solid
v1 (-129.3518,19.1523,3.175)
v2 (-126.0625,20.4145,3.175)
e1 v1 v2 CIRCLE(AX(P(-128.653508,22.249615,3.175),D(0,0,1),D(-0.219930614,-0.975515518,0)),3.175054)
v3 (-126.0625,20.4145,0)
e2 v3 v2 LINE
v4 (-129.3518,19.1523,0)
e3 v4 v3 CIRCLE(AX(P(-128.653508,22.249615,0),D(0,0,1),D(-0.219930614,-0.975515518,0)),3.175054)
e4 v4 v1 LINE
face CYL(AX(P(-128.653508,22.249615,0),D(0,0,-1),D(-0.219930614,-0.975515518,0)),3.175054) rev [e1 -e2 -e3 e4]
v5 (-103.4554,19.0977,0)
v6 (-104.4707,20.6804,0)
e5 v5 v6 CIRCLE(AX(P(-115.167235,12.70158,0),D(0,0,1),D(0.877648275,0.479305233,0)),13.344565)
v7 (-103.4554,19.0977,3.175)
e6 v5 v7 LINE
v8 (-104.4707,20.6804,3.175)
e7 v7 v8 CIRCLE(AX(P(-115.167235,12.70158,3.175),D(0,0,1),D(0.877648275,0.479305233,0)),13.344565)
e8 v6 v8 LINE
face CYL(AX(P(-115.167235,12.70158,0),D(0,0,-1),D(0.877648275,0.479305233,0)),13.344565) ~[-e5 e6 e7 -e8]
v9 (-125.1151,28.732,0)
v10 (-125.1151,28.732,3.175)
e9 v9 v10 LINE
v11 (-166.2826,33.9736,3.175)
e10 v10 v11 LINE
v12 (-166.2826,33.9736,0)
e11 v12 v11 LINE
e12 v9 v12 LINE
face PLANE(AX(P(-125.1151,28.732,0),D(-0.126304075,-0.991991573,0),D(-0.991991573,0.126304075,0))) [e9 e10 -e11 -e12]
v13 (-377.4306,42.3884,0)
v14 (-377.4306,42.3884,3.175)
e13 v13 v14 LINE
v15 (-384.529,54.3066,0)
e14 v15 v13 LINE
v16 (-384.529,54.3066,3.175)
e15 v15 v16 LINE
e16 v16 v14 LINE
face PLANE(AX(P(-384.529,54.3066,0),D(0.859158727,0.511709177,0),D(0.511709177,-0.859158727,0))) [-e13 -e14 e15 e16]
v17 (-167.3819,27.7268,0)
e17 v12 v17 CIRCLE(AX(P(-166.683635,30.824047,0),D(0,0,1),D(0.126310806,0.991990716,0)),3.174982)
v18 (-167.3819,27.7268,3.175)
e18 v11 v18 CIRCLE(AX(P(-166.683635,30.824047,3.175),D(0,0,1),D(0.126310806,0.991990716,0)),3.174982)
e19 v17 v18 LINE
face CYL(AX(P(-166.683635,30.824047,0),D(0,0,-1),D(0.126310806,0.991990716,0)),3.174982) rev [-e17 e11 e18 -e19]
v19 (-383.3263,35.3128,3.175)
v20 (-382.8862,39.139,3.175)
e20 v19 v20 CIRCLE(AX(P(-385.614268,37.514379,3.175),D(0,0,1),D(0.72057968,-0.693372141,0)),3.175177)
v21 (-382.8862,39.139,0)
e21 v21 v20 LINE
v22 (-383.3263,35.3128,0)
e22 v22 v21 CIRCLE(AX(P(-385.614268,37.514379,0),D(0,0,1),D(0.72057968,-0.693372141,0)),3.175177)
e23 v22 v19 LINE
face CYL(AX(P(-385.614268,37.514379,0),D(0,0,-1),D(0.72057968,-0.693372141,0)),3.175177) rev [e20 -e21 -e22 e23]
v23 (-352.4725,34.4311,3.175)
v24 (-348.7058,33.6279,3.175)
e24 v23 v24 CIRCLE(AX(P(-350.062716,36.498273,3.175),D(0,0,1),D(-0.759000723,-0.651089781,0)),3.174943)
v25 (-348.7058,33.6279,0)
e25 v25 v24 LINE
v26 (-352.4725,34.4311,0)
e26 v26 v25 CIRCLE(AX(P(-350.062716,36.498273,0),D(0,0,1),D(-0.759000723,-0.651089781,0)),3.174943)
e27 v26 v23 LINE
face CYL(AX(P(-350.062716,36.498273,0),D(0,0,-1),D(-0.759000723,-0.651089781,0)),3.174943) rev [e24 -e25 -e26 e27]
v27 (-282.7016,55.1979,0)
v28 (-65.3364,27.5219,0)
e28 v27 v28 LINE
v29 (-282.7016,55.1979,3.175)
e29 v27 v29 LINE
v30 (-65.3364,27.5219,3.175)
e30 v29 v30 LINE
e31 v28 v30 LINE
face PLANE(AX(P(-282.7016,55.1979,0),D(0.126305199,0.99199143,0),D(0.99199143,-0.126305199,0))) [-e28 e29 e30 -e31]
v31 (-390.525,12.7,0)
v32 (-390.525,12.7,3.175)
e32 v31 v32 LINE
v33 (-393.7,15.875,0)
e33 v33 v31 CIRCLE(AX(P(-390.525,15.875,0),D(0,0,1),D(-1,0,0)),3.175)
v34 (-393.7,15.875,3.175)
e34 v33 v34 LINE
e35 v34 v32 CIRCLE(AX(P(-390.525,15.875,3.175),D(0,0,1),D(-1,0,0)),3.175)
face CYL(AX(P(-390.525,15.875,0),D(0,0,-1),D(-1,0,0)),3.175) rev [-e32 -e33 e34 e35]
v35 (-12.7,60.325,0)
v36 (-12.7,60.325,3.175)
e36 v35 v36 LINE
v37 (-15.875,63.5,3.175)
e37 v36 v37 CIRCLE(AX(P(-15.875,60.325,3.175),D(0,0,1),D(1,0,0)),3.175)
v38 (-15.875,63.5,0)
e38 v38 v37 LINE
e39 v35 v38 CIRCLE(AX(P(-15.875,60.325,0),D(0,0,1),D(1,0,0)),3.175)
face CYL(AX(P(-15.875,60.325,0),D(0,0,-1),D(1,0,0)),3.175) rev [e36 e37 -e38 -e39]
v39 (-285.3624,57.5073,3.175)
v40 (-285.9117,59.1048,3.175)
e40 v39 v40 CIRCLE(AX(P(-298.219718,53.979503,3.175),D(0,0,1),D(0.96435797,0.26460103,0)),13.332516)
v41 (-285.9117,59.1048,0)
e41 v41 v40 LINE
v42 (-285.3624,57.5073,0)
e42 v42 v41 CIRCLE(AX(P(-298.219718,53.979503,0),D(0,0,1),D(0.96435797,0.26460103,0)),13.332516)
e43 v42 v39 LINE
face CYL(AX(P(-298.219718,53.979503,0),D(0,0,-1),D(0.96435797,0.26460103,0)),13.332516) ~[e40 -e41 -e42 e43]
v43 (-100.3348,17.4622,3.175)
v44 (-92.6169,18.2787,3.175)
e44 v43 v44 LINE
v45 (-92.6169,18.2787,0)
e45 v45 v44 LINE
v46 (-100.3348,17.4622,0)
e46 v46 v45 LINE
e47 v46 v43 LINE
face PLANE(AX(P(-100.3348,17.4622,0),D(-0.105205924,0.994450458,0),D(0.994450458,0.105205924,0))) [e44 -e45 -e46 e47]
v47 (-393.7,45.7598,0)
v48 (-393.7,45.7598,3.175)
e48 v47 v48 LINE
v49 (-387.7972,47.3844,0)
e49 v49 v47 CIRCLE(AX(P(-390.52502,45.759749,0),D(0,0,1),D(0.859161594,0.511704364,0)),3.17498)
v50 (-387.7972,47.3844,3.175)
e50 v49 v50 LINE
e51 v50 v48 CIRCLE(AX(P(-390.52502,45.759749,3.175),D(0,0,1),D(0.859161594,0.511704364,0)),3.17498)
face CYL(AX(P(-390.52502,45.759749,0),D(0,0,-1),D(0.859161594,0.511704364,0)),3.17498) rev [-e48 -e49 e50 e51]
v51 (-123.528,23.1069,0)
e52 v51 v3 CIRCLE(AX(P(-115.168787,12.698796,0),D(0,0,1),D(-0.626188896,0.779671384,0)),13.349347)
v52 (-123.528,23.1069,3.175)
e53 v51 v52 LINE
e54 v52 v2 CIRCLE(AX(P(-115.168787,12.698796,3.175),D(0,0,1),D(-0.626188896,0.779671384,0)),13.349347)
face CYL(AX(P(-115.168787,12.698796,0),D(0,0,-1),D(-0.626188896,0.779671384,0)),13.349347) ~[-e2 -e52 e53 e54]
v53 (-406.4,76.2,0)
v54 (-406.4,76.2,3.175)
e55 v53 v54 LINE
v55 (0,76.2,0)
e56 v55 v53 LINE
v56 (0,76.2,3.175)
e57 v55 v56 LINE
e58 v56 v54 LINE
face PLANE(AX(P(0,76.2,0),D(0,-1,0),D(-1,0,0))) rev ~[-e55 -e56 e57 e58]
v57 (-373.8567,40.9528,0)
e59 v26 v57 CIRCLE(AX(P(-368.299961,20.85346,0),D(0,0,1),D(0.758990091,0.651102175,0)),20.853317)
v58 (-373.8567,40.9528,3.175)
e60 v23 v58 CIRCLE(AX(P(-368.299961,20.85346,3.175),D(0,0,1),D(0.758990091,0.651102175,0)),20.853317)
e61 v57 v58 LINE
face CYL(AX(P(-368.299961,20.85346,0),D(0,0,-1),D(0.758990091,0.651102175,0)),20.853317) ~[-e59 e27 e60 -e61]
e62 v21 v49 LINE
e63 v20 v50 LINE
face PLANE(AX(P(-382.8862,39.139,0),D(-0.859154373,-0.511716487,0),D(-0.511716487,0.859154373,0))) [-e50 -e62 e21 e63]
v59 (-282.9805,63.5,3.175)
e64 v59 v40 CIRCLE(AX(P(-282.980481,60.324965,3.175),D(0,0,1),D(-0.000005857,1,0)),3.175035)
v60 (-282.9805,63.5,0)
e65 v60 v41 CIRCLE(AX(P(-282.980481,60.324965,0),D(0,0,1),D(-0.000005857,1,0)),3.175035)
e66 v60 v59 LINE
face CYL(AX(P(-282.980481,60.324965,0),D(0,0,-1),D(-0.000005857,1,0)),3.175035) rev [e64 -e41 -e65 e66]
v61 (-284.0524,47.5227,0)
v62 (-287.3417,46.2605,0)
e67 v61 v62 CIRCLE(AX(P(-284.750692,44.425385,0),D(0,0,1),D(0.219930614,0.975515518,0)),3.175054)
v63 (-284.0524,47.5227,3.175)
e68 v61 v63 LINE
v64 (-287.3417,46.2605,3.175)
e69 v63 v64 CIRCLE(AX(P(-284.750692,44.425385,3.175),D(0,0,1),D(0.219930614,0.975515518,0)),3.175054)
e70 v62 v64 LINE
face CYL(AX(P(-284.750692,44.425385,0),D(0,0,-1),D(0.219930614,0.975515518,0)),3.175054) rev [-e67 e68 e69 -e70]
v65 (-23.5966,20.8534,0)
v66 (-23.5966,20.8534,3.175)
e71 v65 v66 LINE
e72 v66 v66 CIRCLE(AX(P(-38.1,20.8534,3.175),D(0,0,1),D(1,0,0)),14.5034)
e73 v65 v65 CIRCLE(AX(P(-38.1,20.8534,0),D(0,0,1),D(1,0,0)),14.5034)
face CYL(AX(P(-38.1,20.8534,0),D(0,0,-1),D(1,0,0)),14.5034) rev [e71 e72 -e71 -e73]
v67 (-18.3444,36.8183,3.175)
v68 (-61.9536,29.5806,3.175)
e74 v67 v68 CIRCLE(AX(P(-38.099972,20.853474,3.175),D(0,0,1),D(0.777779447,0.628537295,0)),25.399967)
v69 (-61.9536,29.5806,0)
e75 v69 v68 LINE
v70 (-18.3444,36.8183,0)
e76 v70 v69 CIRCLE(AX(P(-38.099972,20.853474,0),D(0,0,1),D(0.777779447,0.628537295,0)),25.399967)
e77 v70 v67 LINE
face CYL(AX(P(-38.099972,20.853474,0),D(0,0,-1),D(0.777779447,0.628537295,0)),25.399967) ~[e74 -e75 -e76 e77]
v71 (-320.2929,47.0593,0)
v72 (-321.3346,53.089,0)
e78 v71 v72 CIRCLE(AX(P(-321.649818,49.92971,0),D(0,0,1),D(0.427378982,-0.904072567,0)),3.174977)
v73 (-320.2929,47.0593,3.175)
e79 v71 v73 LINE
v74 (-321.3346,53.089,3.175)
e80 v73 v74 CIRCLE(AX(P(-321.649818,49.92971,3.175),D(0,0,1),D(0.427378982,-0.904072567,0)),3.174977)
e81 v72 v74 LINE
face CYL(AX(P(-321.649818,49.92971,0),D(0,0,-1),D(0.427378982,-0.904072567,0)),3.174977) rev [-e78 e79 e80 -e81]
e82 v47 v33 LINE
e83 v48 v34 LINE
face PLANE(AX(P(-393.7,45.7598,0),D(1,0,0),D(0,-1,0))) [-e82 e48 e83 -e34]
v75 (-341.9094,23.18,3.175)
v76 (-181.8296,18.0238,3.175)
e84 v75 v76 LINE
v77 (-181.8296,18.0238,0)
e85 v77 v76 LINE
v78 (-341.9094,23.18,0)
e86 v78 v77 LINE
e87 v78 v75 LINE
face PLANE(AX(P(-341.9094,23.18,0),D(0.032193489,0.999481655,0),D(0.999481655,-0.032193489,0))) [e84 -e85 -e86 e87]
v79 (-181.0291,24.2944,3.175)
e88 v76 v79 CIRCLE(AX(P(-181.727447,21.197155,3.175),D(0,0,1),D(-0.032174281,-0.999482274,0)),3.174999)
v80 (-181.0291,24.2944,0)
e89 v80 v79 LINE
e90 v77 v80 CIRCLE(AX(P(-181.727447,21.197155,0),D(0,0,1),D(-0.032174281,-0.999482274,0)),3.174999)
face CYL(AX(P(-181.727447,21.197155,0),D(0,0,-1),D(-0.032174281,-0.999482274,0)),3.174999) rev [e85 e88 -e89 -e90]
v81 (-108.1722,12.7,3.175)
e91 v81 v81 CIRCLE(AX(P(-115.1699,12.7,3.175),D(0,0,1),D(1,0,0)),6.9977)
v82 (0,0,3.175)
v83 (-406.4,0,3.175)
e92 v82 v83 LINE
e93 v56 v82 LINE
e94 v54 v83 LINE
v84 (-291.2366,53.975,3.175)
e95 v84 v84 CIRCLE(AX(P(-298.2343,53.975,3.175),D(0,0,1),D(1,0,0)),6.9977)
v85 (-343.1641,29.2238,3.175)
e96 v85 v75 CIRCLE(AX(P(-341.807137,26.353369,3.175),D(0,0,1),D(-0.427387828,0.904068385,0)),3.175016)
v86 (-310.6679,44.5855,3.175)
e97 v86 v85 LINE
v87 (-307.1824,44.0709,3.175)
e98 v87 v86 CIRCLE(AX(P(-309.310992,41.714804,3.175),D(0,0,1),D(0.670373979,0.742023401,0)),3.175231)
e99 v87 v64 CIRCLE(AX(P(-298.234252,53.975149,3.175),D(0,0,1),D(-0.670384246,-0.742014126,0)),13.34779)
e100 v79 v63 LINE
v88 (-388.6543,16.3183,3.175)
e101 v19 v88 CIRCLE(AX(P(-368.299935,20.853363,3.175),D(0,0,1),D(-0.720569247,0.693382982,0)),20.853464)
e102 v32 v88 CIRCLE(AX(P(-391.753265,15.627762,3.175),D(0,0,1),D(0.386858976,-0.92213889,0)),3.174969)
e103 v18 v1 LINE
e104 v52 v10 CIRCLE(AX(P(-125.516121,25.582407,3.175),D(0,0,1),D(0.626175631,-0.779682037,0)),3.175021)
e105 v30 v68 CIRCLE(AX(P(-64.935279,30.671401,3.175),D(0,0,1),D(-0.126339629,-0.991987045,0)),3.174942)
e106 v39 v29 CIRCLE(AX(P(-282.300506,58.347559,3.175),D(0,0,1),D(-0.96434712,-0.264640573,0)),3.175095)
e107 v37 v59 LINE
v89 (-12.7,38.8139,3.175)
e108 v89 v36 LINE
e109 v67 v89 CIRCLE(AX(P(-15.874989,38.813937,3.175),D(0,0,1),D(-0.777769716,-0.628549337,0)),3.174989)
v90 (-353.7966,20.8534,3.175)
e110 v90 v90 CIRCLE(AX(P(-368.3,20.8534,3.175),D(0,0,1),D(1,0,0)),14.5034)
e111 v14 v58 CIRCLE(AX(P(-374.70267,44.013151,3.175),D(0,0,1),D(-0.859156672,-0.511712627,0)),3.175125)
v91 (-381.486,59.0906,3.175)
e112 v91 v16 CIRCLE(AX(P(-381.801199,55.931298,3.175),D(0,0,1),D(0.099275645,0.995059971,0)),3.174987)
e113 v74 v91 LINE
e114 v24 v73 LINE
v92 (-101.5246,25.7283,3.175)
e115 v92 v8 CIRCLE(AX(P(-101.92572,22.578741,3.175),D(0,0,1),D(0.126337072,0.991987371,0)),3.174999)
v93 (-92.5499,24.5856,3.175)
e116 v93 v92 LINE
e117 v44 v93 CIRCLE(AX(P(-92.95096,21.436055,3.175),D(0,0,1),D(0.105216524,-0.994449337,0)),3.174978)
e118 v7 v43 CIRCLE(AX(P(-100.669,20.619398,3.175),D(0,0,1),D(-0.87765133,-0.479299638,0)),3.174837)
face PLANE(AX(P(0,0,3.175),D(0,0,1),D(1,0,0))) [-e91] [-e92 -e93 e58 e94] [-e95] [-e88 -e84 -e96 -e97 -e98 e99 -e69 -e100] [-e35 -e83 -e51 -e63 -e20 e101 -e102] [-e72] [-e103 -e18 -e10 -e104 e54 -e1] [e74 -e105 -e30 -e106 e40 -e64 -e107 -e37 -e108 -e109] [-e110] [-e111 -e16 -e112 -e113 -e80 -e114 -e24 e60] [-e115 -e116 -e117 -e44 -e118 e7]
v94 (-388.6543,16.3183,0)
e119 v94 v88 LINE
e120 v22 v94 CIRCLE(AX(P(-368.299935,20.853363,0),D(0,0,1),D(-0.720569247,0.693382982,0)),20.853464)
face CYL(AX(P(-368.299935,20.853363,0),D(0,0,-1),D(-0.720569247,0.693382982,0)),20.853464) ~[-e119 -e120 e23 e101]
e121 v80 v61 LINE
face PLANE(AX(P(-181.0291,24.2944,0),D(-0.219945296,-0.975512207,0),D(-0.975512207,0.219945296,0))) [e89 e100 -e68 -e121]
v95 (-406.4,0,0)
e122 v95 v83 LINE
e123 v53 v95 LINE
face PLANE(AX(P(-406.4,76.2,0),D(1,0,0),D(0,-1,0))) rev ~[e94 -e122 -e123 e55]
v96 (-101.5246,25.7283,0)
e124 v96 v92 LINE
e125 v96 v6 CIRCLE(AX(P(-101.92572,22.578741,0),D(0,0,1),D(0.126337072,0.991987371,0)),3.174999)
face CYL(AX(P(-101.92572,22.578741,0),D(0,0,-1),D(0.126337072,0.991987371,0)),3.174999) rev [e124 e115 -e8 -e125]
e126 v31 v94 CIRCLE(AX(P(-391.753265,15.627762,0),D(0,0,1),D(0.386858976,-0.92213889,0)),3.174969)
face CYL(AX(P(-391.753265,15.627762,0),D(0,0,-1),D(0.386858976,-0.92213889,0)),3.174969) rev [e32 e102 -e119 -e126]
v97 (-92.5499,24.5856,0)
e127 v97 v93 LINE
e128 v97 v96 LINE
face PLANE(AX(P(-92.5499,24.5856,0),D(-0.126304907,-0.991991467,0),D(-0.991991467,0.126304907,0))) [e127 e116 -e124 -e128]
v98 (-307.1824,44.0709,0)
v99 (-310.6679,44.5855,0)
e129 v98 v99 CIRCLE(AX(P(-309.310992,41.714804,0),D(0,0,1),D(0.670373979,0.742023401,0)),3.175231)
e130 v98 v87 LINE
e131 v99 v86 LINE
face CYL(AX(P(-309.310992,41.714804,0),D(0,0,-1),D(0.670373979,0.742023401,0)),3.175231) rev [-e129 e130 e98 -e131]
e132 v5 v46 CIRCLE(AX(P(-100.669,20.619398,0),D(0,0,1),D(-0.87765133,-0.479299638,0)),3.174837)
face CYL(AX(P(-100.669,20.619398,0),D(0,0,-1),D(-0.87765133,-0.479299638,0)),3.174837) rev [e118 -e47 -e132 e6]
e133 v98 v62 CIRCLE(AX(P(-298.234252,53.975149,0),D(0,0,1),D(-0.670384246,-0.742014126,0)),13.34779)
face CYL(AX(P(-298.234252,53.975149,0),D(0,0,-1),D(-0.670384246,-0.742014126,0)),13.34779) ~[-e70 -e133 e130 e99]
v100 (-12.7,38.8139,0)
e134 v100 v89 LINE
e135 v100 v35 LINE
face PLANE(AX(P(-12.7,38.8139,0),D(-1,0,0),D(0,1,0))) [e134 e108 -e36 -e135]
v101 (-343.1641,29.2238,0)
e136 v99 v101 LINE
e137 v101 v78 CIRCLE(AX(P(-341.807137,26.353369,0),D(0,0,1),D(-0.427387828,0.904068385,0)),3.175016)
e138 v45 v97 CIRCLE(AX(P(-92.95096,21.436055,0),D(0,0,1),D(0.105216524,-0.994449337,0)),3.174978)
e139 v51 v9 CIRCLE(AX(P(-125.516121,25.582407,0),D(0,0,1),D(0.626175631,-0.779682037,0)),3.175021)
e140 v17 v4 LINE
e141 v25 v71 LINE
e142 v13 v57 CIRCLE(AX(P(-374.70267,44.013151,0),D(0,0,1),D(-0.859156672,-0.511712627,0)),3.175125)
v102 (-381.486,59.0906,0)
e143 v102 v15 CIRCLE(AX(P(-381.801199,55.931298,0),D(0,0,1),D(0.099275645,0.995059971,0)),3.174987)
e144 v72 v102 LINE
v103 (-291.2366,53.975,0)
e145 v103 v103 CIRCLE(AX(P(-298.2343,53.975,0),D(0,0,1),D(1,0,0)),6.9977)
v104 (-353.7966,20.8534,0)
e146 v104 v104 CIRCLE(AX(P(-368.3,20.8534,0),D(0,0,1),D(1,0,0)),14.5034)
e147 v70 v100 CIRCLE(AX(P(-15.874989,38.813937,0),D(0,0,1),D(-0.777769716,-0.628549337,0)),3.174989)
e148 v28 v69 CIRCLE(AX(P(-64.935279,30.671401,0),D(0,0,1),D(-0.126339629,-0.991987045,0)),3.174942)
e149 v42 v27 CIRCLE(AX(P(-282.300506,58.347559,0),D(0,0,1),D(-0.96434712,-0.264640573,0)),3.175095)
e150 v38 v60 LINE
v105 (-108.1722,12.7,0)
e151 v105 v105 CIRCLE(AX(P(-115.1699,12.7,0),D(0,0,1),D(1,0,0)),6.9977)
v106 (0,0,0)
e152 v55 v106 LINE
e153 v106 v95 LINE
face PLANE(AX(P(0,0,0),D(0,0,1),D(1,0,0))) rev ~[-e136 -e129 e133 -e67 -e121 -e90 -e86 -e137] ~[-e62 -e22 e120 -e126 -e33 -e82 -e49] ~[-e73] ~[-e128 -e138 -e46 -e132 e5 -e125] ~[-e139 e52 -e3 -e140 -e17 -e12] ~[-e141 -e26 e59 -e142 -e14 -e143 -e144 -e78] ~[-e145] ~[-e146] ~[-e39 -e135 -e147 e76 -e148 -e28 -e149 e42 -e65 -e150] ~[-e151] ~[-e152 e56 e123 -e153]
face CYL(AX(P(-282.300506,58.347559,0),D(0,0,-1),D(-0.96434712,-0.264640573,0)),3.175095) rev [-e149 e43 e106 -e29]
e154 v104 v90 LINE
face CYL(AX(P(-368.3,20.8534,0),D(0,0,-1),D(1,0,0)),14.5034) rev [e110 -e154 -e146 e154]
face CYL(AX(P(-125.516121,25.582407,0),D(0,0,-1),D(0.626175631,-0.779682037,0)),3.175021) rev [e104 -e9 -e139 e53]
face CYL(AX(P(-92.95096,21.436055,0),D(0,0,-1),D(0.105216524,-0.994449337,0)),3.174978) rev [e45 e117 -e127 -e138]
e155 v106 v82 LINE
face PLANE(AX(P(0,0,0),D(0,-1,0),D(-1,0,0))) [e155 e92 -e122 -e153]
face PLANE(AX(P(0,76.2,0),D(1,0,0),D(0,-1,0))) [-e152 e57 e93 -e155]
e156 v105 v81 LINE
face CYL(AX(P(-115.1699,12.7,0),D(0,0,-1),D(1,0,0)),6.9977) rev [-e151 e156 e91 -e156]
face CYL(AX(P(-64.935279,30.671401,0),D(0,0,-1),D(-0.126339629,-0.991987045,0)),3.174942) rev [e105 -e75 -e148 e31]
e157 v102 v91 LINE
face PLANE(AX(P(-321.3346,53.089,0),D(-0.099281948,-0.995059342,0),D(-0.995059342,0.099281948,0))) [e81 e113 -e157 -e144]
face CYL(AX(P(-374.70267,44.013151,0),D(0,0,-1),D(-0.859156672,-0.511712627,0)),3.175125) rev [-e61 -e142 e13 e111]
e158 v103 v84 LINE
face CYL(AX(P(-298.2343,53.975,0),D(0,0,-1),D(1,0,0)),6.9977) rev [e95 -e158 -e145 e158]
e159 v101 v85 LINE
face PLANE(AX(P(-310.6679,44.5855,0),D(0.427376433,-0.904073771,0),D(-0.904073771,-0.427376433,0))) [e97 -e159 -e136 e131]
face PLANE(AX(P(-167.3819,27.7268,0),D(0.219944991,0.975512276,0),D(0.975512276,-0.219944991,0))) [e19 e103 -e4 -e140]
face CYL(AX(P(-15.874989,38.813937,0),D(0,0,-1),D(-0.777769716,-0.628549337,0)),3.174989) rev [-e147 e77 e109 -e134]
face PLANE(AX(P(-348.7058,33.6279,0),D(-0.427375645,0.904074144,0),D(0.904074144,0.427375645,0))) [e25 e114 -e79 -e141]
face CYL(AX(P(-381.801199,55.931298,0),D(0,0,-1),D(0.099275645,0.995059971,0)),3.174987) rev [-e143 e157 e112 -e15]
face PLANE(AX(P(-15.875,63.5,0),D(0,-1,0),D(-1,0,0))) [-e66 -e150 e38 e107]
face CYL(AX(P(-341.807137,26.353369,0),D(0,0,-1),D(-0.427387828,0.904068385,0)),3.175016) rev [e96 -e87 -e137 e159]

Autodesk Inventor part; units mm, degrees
ref_plane "YZ Plane" through (0, 0, 0) normal (1, 0, 0) x (0, 1, 0)
ref_plane "XZ Plane" through (0, 0, 0) normal (0, 1, 0) x (-1, 0, 0)
ref_plane "XY Plane" through (0, 0, 0) normal (0, 0, 1) x (1, 0, 0)
sketch "Sketch1" plane through (0, 0, 0) normal (0, 0, 1) x (1, 0, 0)
  line L0 (-125.1151, 28.732) -> (-166.2826, 33.9736)
  arc A0 (-123.528, 23.1069) -> (-125.1151, 28.732) centre (-125.5161, 25.5824) ccw
  arc A1 (-123.528, 23.1069) -> (-126.0625, 20.4145) centre (-115.1699, 12.7) ccw
  arc A2 (-129.3518, 19.1523) -> (-126.0625, 20.4145) centre (-128.6535, 22.2495) ccw
  line L1 (-167.3819, 27.7268) -> (-129.3518, 19.1523)
  arc A3 (-166.2826, 33.9736) -> (-167.3819, 27.7268) centre (-166.6836, 30.824) ccw
  line L2 (-321.3346, 53.089) -> (-381.486, 59.0906)
  arc A4 (-320.2929, 47.0593) -> (-321.3346, 53.089) centre (-321.6498, 49.9297) ccw
  line L3 (-348.7058, 33.6279) -> (-320.2929, 47.0593)
  arc A5 (-352.4725, 34.4311) -> (-348.7058, 33.6279) centre (-350.0627, 36.4983) ccw
  arc A6 (-352.4725, 34.4311) -> (-373.8567, 40.9528) centre (-368.3, 20.8534) ccw
  arc A7 (-377.4306, 42.3884) -> (-373.8567, 40.9528) centre (-374.7028, 44.013) ccw
  line L4 (-384.529, 54.3066) -> (-377.4306, 42.3884)
  arc A8 (-381.486, 59.0906) -> (-384.529, 54.3066) centre (-381.8012, 55.9313) ccw
  arc A9 (-390.525, 12.7) -> (-388.6543, 16.3183) centre (-391.7533, 15.6278) ccw
  arc A10 (-393.7, 15.875) -> (-390.525, 12.7) centre (-390.525, 15.875) ccw
  line L5 (-393.7, 45.7598) -> (-393.7, 15.875)
  arc A11 (-387.7972, 47.3844) -> (-393.7, 45.7598) centre (-390.525, 45.7598) ccw
  line L6 (-382.8862, 39.139) -> (-387.7972, 47.3844)
  arc A12 (-383.3263, 35.3128) -> (-382.8862, 39.139) centre (-385.6141, 37.5143) ccw
  arc A13 (-383.3263, 35.3128) -> (-388.6543, 16.3183) centre (-368.3, 20.8534) ccw
  line L7 (-12.7, 38.8139) -> (-12.7, 60.325)
  arc A14 (-18.3444, 36.8183) -> (-12.7, 38.8139) centre (-15.875, 38.8139) ccw
  arc A15 (-18.3444, 36.8183) -> (-61.9536, 29.5806) centre (-38.1, 20.8534) ccw
  arc A16 (-65.3364, 27.5219) -> (-61.9536, 29.5806) centre (-64.9353, 30.6715) ccw
  line L8 (-282.7016, 55.1979) -> (-65.3364, 27.5219)
  arc A17 (-285.3624, 57.5073) -> (-282.7016, 55.1979) centre (-282.3006, 58.3475) ccw
  arc A18 (-285.3624, 57.5073) -> (-285.9117, 59.1048) centre (-298.2343, 53.975) ccw
  arc A19 (-282.9805, 63.5) -> (-285.9117, 59.1048) centre (-282.9805, 60.325) ccw
  line L9 (-15.875, 63.5) -> (-282.9805, 63.5)
  arc A20 (-12.7, 60.325) -> (-15.875, 63.5) centre (-15.875, 60.325) ccw
  arc A21 (-343.1641, 29.2238) -> (-341.9094, 23.18) centre (-341.8072, 26.3534) ccw
  line L10 (-310.6679, 44.5855) -> (-343.1641, 29.2238)
  arc A22 (-307.1824, 44.0709) -> (-310.6679, 44.5855) centre (-309.3109, 41.715) ccw
  arc A23 (-307.1824, 44.0709) -> (-287.3417, 46.2605) centre (-298.2343, 53.975) ccw
  arc A24 (-284.0524, 47.5227) -> (-287.3417, 46.2605) centre (-284.7507, 44.4255) ccw
  line L11 (-181.0291, 24.2944) -> (-284.0524, 47.5227)
  arc A25 (-181.8296, 18.0238) -> (-181.0291, 24.2944) centre (-181.7274, 21.1971) ccw
  line L12 (-341.9094, 23.18) -> (-181.8296, 18.0238)
  arc A26 (-103.4554, 19.0977) -> (-104.4707, 20.6804) centre (-115.1699, 12.7) ccw
  arc A27 (-101.5246, 25.7283) -> (-104.4707, 20.6804) centre (-101.9257, 22.5787) ccw
  line L13 (-92.5499, 24.5856) -> (-101.5246, 25.7283)
  arc A28 (-92.6169, 18.2787) -> (-92.5499, 24.5856) centre (-92.9509, 21.436) ccw
  line L14 (-100.3348, 17.4622) -> (-92.6169, 18.2787)
  arc A29 (-103.4554, 19.0977) -> (-100.3348, 17.4622) centre (-100.6689, 20.6195) ccw
  circle A30 centre (-298.2343, 53.975) radius 6.9977
  circle A31 centre (-115.1699, 12.7) radius 6.9977
  circle A32 centre (-38.1, 20.8534) radius 14.5034
  circle A33 centre (-368.3, 20.8534) radius 14.5034
  line L15 (0, 76.2) -> (0, 0)
  line L16 (0, 76.2) -> (-406.4, 76.2)
  line L17 (-406.4, 76.2) -> (-406.4, 0)
  line L18 (0, 0) -> (-406.4, 0)
  point P0 (0, 30.4367)
extrude "Extrusion1" add sketch "Sketch1" along normal blind 3.175
properties part number "Left left side"
